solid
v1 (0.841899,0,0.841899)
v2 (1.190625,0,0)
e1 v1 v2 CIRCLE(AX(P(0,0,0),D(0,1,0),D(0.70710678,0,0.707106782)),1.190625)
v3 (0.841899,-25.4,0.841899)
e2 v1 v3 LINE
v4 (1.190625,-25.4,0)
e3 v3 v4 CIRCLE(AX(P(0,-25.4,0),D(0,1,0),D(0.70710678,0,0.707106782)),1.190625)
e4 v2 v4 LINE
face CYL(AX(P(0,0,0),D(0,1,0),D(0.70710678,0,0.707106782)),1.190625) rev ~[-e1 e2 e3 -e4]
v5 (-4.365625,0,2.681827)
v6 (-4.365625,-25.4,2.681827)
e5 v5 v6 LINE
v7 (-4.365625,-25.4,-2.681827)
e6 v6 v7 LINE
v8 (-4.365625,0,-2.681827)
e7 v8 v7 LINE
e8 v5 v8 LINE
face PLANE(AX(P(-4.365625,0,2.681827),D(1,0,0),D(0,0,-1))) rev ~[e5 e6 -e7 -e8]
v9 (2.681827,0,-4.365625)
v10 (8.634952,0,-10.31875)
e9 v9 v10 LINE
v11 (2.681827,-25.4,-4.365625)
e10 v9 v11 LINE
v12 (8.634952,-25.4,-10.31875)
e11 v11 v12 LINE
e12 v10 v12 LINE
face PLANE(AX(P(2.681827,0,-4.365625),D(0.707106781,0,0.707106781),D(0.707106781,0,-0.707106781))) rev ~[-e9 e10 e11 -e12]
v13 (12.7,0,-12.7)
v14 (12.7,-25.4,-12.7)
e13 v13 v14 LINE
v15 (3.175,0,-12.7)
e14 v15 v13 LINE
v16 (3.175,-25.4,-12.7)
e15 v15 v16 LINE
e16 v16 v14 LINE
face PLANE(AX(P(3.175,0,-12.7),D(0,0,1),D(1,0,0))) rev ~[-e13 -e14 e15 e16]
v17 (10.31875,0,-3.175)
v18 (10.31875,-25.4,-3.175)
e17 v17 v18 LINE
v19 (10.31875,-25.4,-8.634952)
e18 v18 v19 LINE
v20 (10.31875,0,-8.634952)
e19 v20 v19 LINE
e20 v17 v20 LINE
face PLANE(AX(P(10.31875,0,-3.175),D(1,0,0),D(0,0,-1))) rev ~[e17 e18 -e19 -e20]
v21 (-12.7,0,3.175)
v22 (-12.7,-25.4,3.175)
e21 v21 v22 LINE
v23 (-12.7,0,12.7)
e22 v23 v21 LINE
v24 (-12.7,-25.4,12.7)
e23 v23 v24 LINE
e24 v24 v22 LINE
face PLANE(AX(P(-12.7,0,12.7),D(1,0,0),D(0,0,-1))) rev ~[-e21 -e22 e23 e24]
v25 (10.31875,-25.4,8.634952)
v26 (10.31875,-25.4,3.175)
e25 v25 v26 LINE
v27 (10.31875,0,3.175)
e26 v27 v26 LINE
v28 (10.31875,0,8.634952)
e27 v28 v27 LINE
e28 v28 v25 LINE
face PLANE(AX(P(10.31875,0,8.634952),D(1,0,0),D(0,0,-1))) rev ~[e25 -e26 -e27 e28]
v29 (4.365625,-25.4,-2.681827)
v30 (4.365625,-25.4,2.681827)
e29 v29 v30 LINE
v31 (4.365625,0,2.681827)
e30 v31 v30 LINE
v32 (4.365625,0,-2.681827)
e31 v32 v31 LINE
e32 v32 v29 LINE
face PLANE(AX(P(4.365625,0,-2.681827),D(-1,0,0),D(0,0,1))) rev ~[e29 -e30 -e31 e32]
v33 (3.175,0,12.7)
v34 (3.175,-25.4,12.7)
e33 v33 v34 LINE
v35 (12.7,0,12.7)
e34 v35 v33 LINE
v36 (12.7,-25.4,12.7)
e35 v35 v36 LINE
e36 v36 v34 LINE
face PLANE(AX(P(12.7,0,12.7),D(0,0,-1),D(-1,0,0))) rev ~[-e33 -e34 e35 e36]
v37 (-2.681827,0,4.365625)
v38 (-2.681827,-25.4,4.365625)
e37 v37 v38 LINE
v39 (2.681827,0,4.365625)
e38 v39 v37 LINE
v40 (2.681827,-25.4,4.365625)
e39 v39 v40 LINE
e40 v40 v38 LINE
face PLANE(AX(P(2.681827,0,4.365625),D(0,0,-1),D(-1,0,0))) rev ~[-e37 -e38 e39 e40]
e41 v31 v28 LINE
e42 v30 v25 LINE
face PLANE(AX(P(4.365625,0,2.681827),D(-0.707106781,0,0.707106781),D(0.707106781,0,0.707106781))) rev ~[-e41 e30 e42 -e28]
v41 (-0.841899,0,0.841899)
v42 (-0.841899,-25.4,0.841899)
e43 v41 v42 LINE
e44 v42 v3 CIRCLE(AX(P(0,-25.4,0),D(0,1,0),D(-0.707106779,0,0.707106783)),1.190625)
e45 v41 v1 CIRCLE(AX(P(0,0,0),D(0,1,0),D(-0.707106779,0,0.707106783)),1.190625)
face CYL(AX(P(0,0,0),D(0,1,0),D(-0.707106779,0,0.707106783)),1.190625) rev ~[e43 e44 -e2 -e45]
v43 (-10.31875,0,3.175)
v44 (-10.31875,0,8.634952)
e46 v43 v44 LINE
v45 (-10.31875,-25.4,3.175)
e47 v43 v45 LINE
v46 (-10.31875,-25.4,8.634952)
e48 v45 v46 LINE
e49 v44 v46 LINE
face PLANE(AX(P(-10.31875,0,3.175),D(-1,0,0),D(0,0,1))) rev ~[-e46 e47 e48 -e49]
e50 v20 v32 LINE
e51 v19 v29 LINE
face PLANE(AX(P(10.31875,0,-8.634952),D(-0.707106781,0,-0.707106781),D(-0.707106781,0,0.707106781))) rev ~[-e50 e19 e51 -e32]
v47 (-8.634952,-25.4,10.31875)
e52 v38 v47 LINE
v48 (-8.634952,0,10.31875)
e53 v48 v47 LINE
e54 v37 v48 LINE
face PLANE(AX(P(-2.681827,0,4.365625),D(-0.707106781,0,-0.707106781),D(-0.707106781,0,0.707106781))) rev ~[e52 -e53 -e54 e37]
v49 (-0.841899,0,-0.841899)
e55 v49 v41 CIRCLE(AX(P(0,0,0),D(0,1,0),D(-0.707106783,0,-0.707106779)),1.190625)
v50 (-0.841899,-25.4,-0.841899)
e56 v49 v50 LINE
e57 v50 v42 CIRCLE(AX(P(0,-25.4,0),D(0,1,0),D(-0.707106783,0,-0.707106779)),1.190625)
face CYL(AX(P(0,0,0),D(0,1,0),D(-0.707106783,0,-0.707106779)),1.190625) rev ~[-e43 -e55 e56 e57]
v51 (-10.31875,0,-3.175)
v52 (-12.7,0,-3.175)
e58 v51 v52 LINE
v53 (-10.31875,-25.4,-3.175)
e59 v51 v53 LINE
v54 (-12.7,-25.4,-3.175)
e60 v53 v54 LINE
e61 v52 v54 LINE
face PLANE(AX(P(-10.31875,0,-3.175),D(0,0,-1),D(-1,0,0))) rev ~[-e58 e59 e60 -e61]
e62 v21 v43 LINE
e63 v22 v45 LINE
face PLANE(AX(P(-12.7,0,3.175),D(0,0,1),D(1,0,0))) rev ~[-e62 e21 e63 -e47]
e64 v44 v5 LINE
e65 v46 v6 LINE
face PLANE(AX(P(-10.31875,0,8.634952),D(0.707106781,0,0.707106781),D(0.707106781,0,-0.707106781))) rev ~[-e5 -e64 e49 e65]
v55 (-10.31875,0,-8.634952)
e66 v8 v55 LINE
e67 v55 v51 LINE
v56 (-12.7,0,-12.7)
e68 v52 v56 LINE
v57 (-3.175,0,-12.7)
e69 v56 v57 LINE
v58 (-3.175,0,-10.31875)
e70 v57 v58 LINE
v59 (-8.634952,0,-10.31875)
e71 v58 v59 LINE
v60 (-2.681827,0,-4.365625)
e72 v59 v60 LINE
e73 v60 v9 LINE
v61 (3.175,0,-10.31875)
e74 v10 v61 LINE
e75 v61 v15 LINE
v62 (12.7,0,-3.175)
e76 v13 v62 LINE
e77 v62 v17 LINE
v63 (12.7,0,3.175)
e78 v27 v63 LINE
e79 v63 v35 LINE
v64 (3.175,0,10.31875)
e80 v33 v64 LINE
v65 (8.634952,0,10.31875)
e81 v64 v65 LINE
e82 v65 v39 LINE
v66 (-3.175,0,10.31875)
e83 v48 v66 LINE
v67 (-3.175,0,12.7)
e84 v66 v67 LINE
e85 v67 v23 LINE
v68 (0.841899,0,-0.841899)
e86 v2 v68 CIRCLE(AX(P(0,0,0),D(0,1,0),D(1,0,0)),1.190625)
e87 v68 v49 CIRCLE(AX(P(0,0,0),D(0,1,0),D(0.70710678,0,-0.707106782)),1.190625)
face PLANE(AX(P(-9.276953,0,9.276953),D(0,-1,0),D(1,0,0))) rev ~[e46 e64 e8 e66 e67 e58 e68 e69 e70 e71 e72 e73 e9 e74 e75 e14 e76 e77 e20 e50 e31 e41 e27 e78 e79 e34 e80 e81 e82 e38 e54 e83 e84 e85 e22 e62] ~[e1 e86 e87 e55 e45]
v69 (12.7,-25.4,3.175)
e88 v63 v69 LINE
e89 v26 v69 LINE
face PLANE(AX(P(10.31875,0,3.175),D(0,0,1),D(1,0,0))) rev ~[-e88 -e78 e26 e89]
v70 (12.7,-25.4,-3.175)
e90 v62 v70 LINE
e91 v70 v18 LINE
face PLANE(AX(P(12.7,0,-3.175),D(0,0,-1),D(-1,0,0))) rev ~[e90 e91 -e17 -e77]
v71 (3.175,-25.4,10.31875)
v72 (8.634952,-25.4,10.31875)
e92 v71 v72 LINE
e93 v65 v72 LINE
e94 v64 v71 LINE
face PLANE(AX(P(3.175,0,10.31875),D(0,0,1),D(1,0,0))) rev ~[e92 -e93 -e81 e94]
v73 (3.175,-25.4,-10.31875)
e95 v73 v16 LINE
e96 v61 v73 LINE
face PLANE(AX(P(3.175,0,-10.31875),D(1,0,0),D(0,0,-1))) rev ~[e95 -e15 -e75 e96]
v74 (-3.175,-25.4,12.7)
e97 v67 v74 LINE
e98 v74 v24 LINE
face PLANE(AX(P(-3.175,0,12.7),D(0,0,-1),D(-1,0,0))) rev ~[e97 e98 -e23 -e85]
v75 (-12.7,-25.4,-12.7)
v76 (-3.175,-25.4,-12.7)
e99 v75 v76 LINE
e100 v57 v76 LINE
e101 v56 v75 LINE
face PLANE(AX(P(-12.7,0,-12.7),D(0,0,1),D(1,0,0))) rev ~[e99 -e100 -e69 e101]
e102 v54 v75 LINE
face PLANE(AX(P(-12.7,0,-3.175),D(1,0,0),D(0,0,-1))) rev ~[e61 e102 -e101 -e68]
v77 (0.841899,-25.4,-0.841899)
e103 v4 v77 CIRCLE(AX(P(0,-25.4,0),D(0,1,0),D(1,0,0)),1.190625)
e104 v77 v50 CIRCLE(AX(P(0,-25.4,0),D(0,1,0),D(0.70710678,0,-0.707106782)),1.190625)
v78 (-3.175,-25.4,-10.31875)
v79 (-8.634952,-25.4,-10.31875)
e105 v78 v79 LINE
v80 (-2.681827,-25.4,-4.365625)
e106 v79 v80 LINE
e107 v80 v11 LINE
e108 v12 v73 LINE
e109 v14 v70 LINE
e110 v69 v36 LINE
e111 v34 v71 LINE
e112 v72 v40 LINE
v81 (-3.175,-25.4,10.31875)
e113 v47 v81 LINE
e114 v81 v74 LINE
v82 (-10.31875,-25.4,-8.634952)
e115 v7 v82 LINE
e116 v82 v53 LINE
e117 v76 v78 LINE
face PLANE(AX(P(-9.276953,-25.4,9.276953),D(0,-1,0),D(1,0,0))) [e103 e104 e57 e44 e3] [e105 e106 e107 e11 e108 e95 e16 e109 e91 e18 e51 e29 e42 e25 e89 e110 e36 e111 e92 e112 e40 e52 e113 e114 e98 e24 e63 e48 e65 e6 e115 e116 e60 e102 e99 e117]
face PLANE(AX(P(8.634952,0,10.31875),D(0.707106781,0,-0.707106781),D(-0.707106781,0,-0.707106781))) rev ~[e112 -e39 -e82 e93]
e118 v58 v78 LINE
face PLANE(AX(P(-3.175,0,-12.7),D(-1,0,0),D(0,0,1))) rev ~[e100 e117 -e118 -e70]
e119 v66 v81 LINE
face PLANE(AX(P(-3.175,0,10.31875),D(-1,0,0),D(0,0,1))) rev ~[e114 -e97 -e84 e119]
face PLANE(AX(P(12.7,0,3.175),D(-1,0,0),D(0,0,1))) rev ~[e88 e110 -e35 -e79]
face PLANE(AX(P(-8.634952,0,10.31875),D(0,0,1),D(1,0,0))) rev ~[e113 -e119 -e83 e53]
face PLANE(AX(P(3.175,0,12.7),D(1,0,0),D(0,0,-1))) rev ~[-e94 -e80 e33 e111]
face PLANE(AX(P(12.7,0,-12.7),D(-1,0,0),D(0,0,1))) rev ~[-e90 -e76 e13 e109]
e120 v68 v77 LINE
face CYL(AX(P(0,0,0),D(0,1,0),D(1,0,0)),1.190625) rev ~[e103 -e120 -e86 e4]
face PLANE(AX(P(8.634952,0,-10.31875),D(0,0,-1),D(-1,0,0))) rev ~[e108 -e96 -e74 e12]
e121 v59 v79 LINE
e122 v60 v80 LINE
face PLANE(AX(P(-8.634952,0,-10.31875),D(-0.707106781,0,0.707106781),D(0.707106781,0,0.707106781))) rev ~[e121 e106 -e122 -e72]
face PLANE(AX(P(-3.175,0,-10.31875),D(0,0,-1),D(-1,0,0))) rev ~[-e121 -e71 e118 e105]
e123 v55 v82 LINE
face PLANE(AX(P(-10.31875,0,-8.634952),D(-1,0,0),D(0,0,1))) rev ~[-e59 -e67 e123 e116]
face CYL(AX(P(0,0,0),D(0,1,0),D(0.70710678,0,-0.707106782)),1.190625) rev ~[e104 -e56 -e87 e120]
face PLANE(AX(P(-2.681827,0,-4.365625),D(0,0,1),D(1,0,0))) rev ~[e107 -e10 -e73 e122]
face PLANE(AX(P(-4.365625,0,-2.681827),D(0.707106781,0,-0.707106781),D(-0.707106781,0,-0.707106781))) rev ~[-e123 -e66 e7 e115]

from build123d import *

# Parameters (mm, degrees)
F1_DEPTH = 25.4


with BuildPart() as f1:
    # F0 (on Front) → F1 (new body)
    with BuildSketch(Plane.XZ):
        Polygon((-3.175, 10.31875), (-3.175, 12.7), (-12.7, 12.7), (-12.7, 3.175), (-10.31875, 3.175), (-10.31875, 8.6349519773), (-10.31875, 10.31875), (-8.6349519773, 10.31875), align=None)
        Polygon((12.7, 3.175), (12.7, 12.7), (3.175, 12.7), (3.175, 10.31875), (8.6349519773, 10.31875), (10.31875, 10.31875), (10.31875, 8.6349519773), (10.31875, 3.175), align=None)
        Polygon((10.31875, 10.31875), (8.6349519773, 10.31875), (10.31875, 8.6349519773), align=None)
        Polygon((-10.31875, 8.6349519773), (-8.6349519773, 10.31875), (-10.31875, 10.31875), align=None)
        Polygon((-2.6818269773, 4.365625), (-8.6349519773, 10.31875), (-10.31875, 8.6349519773), (-4.365625, 2.6818269773), (-4.365625, 4.365625), align=None)
        Polygon((10.31875, 8.6349519773), (8.6349519773, 10.31875), (2.6818269773, 4.365625), (4.365625, 4.365625), (4.365625, 2.6818269773), align=None)
        Polygon((0, 1.6837980227), (2.6818269773, 4.365625), (-2.6818269773, 4.365625), align=None)
        Polygon((0, 1.6837980227), (-2.6818269773, 4.365625), (-4.365625, 4.365625), (-4.365625, 2.6818269773), (-1.6837980227, 0), (-0.8418990093, 0.8418990134), align=None)
        Polygon((-1.6837980227, 0), (-4.365625, 2.6818269773), (-4.365625, -2.6818269773), align=None)
        Polygon((-2.6818269773, -4.365625), (2.6818269773, -4.365625), (0, -1.6837980227), align=None)
        Polygon((4.365625, -2.6818269773), (4.365625, 2.6818269773), (1.6837980227, 0), align=None)
        Polygon((4.365625, 4.365625), (2.6818269773, 4.365625), (0, 1.6837980227), (0.8418990099, 0.8418990128), (1.6837980227, 0), (4.365625, 2.6818269773), align=None)
        Polygon((4.365625, -4.365625), (4.365625, -2.6818269773), (1.6837980227, 0), (0.8418990098, -0.8418990129), (0, -1.6837980227), (2.6818269773, -4.365625), align=None)
        Polygon((-0.8418990134, -0.8418990093), (-1.6837980227, 0), (-4.365625, -2.6818269773), (-4.365625, -4.365625), (-2.6818269773, -4.365625), (0, -1.6837980227), align=None)
        Polygon((-4.365625, -2.6818269773), (-10.31875, -8.6349519773), (-8.6349519773, -10.31875), (-2.6818269773, -4.365625), (-4.365625, -4.365625), align=None)
        Polygon((8.6349519773, -10.31875), (10.31875, -8.6349519773), (4.365625, -2.6818269773), (4.365625, -4.365625), (2.6818269773, -4.365625), align=None)
        Polygon((12.7, -12.7), (12.7, -3.175), (10.31875, -3.175), (10.31875, -8.6349519773), (10.31875, -10.31875), (8.6349519773, -10.31875), (3.175, -10.31875), (3.175, -12.7), align=None)
        Polygon((-10.31875, -3.175), (-12.7, -3.175), (-12.7, -12.7), (-3.175, -12.7), (-3.175, -10.31875), (-8.6349519773, -10.31875), (-10.31875, -10.31875), (-10.31875, -8.6349519773), align=None)
        Polygon((10.31875, -10.31875), (10.31875, -8.6349519773), (8.6349519773, -10.31875), align=None)
        Polygon((-8.6349519773, -10.31875), (-10.31875, -8.6349519773), (-10.31875, -10.31875), align=None)
        with BuildLine():
            Line((0.8418990098, -0.8418990129), (1.6837980227, 0))
            Line((1.6837980227, 0), (0.8418990099, 0.8418990128))
            ThreePointArc((0.8418990099, 0.8418990128), (1.099994068, 0.4556324626), (1.190625, 0))
            ThreePointArc((1.190625, 0), (1.099994068, -0.4556324627), (0.8418990098, -0.8418990129))
        make_face()
        with BuildLine():
            Line((0, -1.6837980227), (0.8418990098, -0.8418990129))
            ThreePointArc((0.8418990098, -0.8418990129), (-2.5e-09, -1.190625), (-0.8418990134, -0.8418990093))
            Line((-0.8418990134, -0.8418990093), (0, -1.6837980227))
        make_face()
        with BuildLine():
            ThreePointArc((-0.8418990134, -0.8418990093), (-1.190625, 2.8e-09), (-0.8418990093, 0.8418990134))
            Line((-0.8418990093, 0.8418990134), (-1.6837980227, 0))
            Line((-1.6837980227, 0), (-0.8418990134, -0.8418990093))
        make_face()
        with BuildLine():
            Line((0.8418990099, 0.8418990128), (0, 1.6837980227))
            Line((0, 1.6837980227), (-0.8418990093, 0.8418990134))
            ThreePointArc((-0.8418990093, 0.8418990134), (4e-10, 1.190625), (0.8418990099, 0.8418990128))
        make_face()
    extrude(amount=F1_DEPTH)


solid = f1.part
